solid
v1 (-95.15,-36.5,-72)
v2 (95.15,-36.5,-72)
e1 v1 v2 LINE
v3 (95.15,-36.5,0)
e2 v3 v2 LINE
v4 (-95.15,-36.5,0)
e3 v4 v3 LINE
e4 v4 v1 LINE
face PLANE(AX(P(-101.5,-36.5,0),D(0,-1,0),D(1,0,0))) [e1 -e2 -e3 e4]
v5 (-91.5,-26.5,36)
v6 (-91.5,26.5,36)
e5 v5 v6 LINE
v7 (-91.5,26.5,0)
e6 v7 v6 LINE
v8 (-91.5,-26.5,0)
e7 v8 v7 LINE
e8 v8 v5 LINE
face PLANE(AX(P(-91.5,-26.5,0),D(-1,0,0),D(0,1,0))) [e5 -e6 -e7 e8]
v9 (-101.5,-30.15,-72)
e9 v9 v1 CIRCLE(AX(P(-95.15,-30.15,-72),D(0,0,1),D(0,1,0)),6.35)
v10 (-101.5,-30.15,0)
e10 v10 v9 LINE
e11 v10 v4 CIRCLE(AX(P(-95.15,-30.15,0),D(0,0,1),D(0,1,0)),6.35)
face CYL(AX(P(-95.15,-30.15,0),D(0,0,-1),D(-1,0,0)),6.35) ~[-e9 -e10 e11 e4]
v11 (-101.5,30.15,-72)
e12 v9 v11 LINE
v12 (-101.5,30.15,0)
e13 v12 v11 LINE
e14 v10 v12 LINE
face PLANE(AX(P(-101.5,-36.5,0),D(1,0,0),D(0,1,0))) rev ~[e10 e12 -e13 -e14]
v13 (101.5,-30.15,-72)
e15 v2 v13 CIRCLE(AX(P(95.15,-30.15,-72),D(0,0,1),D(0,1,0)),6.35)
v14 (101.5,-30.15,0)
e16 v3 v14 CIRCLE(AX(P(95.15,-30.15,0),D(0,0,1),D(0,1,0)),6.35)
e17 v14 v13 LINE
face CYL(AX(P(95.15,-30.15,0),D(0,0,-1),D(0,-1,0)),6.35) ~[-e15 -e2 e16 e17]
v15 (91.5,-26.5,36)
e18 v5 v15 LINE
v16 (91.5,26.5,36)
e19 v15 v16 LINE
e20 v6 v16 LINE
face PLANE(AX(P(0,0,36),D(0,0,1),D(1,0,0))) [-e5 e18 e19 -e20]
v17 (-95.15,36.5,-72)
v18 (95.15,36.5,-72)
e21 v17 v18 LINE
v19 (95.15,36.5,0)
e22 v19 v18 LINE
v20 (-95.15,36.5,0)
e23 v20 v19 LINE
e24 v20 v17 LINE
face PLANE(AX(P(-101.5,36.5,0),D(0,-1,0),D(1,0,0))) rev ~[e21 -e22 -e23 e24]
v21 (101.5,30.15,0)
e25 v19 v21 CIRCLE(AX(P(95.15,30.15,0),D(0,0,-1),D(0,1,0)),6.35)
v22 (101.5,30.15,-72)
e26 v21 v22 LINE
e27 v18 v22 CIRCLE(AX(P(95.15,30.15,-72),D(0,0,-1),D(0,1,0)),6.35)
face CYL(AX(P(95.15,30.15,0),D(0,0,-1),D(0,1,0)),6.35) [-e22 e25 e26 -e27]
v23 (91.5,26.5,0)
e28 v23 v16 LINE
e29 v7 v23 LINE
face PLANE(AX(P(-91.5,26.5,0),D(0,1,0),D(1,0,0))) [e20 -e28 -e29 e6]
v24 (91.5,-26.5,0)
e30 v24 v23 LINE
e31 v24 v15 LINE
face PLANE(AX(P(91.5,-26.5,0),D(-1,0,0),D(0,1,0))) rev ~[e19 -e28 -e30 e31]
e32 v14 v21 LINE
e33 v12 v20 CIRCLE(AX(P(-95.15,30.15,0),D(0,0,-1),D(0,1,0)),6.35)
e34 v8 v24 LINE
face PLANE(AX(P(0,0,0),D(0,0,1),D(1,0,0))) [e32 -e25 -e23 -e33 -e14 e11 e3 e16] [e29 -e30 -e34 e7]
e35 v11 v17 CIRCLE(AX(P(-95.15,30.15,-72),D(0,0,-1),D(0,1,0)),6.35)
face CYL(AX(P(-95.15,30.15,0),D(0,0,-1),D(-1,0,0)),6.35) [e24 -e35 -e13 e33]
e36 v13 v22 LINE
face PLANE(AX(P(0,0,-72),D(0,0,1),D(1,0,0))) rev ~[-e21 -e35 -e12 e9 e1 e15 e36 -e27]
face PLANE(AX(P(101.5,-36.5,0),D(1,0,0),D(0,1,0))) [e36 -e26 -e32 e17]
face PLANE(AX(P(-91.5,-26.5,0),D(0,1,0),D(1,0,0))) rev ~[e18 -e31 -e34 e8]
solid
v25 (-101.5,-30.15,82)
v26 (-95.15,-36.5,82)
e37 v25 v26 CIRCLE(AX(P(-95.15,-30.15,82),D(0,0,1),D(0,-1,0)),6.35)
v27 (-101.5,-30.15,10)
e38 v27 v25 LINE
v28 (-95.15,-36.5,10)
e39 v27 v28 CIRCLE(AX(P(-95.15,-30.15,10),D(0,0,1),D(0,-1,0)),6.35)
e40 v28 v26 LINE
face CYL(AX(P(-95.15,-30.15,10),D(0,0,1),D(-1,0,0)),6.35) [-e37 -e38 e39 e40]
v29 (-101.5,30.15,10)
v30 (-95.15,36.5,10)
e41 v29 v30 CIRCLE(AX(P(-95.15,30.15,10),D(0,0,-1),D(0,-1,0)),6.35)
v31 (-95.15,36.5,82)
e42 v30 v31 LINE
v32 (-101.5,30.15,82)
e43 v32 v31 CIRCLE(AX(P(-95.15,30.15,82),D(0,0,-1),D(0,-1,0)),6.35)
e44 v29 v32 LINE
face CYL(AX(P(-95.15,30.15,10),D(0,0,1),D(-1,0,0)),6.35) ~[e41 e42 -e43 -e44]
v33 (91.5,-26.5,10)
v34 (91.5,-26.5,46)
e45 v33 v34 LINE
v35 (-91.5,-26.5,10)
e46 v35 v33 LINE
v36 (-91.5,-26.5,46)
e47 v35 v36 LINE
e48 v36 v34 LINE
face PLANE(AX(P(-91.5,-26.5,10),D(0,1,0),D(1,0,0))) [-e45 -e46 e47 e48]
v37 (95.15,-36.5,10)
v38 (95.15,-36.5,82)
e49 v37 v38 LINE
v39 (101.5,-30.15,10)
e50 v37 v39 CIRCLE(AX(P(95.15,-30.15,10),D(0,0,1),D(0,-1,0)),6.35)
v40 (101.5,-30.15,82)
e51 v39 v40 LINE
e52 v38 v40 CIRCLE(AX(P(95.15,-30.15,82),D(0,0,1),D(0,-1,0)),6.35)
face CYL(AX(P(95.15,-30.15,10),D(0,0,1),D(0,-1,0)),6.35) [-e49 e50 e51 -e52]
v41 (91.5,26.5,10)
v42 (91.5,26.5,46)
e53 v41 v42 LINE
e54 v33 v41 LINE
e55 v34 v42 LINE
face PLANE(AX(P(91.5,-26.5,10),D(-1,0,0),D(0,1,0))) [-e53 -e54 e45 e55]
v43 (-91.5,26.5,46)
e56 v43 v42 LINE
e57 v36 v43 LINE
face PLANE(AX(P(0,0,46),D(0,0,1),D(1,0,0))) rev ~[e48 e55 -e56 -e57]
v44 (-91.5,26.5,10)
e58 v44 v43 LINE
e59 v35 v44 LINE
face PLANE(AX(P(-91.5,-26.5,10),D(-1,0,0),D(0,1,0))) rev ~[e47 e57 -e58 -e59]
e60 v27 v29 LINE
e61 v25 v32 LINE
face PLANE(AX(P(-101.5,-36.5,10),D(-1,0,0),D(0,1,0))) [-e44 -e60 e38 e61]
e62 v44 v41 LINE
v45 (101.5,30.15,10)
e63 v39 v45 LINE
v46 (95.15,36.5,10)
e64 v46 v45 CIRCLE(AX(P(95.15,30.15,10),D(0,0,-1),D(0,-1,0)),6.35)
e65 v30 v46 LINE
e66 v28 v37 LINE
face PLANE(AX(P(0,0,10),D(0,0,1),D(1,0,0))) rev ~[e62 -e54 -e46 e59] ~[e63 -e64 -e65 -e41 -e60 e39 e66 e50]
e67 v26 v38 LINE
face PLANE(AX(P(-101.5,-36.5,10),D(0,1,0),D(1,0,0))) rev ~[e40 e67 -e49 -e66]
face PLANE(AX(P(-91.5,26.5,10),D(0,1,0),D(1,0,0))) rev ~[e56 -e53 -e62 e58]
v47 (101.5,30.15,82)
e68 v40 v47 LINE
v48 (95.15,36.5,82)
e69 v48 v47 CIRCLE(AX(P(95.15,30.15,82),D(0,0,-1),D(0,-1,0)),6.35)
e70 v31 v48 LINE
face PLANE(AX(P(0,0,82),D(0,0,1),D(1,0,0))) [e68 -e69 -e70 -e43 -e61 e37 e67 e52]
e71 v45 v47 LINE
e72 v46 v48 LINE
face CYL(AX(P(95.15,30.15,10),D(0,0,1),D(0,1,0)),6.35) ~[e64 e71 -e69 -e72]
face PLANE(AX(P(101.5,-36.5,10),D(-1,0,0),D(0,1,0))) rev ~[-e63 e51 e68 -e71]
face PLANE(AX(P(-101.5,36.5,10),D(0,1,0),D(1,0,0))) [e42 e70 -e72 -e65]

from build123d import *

# Parameters (mm, degrees)
F0_W     = 203
F0_H     = 73
F0_W_2   = 183
F0_H_2   = 53
F1_DEPTH = 72
F2_DEPTH = 36
F4_W     = 203
F4_H     = 73
F4_W_2   = 183
F4_H_2   = 53
F5_DEPTH = 72
F6_DEPTH = 36
F7_R     = 6.35
F7_2_R   = 6.35


with BuildPart() as f1:
    # F0 (on Top) → F1 (new body)
    with BuildSketch(Plane.XY):
        Rectangle(F0_W, F0_H)
        Rectangle(F0_W_2, F0_H_2, mode=Mode.SUBTRACT)
        Rectangle(F0_W_2, F0_H_2)
    extrude(amount=-F1_DEPTH)

    # F0 (on Top) → F2 (join)
    with BuildSketch(Plane.XY):
        Rectangle(F0_W_2, F0_H_2)
    extrude(amount=F2_DEPTH)

    # F7#2
    f7_2_edges = [f1.edges().sort_by_distance(p)[0] for p in [
        (101.5, 36.5, -36),
        (101.5, -36.5, -36),
        (-101.5, 36.5, -36),
        (-101.5, -36.5, -36),
    ]]
    fillet(f7_2_edges, radius=F7_2_R)


with BuildPart() as f5:
    # F4 (on offset) → F5 (new body)
    with BuildSketch(Plane.XY.offset(10)):
        Rectangle(F4_W, F4_H)
        Rectangle(F4_W_2, F4_H_2, mode=Mode.SUBTRACT)
        Rectangle(F4_W_2, F4_H_2)
    extrude(amount=F5_DEPTH)

    # F4 (on offset) → F6 (cut)
    with BuildSketch(Plane.XY.offset(10)):
        Rectangle(F4_W_2, F4_H_2)
    extrude(amount=F6_DEPTH, mode=Mode.SUBTRACT)

    # F7
    f7_edges = [f5.edges().sort_by_distance(p)[0] for p in [
        (101.5, 36.5, 46),
        (101.5, -36.5, 46),
        (-101.5, 36.5, 46),
        (-101.5, -36.5, 46),
    ]]
    fillet(f7_edges, radius=F7_R)


solid = Compound([f1.part, f5.part])
